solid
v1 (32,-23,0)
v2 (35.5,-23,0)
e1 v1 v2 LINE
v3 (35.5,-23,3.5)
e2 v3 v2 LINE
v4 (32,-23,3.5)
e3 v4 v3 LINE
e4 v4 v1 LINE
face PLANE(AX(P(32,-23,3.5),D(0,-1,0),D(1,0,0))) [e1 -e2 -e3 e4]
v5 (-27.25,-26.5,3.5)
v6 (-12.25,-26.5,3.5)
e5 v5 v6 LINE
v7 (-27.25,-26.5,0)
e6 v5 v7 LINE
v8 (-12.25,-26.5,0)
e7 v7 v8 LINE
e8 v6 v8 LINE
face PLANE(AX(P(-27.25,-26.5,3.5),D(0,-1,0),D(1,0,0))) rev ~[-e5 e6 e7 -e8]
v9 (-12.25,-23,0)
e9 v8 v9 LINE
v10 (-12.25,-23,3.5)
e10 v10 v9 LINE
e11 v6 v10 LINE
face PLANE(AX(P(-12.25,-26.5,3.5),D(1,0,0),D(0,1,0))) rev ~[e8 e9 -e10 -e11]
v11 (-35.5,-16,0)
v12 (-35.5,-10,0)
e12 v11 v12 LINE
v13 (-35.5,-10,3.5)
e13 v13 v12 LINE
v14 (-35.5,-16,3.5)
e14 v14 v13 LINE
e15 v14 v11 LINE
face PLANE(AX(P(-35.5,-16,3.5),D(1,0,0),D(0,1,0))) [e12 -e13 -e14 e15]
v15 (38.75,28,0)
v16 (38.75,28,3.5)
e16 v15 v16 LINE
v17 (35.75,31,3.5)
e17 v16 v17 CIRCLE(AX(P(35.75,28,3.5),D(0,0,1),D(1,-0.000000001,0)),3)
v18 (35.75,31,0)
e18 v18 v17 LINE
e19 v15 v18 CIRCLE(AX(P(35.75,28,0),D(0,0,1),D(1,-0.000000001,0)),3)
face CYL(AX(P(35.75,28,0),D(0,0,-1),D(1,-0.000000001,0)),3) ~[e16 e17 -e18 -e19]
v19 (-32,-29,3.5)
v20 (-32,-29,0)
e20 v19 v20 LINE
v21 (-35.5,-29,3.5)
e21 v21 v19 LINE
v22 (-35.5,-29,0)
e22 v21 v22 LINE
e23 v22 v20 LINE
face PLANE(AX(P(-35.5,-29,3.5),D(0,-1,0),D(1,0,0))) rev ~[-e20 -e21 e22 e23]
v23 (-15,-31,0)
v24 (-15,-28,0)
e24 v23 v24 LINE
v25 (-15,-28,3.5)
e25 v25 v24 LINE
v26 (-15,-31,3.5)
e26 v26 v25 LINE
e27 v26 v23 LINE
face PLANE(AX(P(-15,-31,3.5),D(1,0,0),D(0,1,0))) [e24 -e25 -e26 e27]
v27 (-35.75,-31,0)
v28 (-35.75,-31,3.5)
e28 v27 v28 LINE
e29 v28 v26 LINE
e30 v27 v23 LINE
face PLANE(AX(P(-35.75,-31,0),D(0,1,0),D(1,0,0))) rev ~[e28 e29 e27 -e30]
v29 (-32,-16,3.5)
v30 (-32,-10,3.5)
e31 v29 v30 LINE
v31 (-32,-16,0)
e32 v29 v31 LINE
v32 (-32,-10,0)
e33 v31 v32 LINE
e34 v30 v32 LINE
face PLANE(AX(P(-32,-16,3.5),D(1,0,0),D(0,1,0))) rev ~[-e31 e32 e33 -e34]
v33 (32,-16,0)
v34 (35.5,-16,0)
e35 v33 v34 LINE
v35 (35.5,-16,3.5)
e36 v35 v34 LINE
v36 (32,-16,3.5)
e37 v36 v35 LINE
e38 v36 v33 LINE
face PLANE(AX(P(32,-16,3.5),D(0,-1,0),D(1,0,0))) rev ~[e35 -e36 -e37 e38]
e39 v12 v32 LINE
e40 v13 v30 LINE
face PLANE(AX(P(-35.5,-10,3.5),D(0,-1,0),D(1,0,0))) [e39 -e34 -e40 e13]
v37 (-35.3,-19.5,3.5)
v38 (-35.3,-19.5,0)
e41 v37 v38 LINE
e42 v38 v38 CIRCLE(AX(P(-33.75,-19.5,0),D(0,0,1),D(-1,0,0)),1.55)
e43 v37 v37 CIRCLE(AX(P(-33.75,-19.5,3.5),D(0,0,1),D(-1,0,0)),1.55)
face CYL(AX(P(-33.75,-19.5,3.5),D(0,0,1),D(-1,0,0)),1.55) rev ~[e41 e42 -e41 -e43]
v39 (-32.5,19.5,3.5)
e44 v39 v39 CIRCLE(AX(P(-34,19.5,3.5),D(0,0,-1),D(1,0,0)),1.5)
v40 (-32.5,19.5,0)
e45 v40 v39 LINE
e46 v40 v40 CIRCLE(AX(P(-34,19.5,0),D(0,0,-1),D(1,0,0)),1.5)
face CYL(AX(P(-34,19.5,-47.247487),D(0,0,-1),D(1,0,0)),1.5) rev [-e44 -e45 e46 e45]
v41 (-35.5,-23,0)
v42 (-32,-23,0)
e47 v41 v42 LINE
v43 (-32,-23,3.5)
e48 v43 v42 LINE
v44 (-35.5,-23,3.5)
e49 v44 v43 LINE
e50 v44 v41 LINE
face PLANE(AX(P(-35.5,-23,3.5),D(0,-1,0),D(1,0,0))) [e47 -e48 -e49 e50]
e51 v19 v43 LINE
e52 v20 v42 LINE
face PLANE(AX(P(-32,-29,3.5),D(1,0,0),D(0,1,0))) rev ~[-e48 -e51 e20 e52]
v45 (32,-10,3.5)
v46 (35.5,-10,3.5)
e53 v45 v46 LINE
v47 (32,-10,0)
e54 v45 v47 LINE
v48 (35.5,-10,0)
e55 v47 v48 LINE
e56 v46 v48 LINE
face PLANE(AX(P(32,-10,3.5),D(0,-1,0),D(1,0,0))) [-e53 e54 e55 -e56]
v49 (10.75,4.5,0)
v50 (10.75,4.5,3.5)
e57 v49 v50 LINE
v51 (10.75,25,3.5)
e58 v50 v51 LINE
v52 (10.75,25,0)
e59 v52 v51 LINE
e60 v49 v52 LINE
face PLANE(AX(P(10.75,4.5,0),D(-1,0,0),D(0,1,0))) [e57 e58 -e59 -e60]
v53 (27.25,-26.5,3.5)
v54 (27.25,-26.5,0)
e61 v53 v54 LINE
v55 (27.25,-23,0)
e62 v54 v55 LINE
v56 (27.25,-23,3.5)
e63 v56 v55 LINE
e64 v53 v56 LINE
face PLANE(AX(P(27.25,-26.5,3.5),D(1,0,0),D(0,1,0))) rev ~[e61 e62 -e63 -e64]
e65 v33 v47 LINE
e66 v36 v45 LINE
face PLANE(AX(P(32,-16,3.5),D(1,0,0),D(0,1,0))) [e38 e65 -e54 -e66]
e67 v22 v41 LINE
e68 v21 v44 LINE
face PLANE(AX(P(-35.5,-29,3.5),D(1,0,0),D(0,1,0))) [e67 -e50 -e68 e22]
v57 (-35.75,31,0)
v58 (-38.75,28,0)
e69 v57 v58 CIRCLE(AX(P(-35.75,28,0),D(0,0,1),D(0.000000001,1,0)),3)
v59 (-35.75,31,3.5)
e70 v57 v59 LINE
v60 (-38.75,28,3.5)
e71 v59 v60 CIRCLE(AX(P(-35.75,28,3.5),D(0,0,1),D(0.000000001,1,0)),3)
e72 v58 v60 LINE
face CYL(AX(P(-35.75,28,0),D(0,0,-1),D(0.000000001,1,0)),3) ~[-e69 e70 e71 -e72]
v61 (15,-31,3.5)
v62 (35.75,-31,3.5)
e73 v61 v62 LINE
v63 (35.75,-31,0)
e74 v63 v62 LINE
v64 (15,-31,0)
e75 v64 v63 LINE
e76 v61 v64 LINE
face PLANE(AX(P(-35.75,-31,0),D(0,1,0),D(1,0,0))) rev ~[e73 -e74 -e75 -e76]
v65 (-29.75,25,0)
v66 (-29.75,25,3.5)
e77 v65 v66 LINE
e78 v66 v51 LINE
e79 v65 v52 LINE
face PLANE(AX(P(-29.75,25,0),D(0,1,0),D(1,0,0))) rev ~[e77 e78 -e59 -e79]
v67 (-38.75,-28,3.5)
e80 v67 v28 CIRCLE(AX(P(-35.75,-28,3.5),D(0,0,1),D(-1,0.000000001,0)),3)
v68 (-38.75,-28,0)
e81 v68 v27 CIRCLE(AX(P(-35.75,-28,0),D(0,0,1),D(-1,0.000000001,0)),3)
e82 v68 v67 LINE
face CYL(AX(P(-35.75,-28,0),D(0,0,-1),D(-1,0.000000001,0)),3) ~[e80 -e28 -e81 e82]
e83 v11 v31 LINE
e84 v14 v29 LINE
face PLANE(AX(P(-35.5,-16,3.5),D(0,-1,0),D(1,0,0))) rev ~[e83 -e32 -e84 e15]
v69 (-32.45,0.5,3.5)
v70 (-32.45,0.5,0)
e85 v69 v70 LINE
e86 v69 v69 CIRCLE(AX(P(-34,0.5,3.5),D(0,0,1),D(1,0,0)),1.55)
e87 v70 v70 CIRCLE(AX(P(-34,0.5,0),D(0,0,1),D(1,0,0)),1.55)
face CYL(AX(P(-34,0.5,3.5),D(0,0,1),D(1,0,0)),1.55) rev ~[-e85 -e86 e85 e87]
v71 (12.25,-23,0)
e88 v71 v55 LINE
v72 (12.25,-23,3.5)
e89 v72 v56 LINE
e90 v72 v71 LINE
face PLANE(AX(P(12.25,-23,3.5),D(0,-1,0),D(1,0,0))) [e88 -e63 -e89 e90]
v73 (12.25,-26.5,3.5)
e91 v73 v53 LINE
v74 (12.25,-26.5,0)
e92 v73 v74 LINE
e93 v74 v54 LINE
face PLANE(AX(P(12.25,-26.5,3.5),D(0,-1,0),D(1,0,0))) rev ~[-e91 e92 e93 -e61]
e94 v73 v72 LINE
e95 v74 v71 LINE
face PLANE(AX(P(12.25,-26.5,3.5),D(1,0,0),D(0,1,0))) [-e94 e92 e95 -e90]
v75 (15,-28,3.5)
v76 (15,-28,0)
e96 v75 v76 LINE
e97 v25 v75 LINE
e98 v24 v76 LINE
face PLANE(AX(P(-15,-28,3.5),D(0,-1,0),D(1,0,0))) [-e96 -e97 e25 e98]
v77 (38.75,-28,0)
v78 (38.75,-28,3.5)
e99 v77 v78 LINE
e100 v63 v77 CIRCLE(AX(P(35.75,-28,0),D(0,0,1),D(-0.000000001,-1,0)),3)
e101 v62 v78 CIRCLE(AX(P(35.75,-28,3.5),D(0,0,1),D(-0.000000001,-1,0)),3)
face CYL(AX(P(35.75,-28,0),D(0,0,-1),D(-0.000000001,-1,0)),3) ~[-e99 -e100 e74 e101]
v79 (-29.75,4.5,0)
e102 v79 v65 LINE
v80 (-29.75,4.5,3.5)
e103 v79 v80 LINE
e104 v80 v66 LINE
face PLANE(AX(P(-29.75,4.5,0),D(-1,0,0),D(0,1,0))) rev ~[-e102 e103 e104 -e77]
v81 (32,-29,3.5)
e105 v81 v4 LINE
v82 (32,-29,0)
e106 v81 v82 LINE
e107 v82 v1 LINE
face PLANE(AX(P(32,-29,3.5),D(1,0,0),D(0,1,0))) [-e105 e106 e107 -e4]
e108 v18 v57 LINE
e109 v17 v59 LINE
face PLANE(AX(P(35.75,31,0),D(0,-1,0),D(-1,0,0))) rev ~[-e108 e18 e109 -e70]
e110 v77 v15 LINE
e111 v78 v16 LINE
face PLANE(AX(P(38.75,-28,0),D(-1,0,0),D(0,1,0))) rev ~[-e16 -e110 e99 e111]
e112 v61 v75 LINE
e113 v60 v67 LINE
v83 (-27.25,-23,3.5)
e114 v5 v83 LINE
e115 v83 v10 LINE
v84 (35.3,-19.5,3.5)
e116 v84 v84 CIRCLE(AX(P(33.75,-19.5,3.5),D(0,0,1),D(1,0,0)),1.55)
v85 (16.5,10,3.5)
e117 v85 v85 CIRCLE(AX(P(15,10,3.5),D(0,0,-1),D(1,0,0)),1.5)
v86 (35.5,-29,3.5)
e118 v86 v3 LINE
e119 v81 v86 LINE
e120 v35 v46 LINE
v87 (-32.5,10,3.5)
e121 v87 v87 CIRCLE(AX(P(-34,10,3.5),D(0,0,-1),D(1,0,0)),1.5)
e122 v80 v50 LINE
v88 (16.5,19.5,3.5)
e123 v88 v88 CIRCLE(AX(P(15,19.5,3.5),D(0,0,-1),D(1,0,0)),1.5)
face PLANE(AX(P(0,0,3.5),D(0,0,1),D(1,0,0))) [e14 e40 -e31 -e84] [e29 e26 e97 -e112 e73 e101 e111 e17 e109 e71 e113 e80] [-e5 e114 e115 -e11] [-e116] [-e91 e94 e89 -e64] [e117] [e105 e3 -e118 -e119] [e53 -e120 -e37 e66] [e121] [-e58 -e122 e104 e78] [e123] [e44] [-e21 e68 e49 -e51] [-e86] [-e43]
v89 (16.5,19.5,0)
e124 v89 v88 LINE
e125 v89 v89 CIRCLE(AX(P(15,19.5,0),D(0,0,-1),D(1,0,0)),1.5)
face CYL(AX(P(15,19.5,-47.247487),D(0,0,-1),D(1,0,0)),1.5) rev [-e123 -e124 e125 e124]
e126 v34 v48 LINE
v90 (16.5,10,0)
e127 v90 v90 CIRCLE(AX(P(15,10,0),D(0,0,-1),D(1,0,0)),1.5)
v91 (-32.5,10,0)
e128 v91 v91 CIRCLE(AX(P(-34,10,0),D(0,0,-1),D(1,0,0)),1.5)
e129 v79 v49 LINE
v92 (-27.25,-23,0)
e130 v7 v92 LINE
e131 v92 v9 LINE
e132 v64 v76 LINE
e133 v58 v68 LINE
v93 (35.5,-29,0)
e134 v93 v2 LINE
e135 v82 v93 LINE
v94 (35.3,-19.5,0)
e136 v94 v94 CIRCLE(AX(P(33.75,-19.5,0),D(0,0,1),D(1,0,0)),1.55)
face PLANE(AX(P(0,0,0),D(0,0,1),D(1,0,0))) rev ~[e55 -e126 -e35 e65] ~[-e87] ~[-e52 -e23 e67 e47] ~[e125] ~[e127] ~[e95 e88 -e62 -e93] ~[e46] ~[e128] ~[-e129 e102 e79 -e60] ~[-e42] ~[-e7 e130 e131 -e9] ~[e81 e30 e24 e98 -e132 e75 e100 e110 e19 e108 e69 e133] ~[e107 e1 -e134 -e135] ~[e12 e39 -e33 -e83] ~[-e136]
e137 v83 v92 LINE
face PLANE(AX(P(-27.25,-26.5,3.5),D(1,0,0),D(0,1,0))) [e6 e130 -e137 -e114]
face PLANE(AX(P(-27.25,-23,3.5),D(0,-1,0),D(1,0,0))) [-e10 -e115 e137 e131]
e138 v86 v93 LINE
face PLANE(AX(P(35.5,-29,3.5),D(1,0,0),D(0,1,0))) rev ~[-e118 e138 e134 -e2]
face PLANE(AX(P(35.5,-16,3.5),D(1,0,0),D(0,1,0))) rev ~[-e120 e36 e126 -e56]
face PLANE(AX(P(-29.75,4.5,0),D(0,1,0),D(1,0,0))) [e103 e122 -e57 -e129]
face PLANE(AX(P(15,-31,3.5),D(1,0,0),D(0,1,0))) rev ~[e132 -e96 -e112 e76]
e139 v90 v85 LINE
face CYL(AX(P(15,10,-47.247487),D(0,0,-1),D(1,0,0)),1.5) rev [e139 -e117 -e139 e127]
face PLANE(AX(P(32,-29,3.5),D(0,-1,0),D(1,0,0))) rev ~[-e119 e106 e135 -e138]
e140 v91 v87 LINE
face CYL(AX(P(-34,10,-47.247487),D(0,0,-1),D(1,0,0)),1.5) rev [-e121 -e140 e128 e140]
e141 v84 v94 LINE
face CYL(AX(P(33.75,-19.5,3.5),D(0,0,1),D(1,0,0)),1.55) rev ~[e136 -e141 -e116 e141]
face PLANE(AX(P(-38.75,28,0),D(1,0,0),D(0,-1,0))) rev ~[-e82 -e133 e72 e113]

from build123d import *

# Parameters (mm, degrees)
SKETCH1_W               = 40.5
SKETCH1_H               = 20.5
BOSS_EXTRUDE1_DEPTH     = 3.5
SKETCH2_R               = 1.55
SKETCH2_W               = 3.5
SKETCH2_H               = 6
CUT_EXTRUDE1_DEPTH      = 50.747487374
SKETCH3_W               = 15
SKETCH3_H               = 3.5
CUT_EXTRUDE2_DEPTH      = 50.747487374
CUT_EXTRUDE3_DEPTH      = 50.747487374
CUT_EXTRUDE3_DEPTH_BACK = 50.747487374
SKETCH4_R               = 1.5
CUT_EXTRUDE4_REACH      = 51.747
SKETCH5_R               = 1.55
SKETCH6_W               = 30
SKETCH6_H               = 3
CUT_EXTRUDE5_DEPTH      = 10


with BuildPart() as part:
    # Sketch1 → Boss-Extrude1 (new body)
    with BuildSketch(Plane.XY):
        with BuildLine():
            Line((-35.75, -31), (35.75, -31))
            ThreePointArc((35.75, -31), (37.871320344, -30.121320344), (38.75, -28))
            Line((38.75, -28), (38.75, 28))
            ThreePointArc((38.75, 28), (37.871320344, 30.121320344), (35.75, 31))
            Line((35.75, 31), (-35.75, 31))
            ThreePointArc((-35.75, 31), (-37.871320344, 30.121320344), (-38.75, 28))
            Line((-38.75, 28), (-38.75, -28))
            ThreePointArc((-38.75, -28), (-37.871320344, -30.121320344), (-35.75, -31))
        make_face()
        with Locations((-9.5, 14.75)):
            Rectangle(SKETCH1_W, SKETCH1_H, mode=Mode.SUBTRACT)
    extrude(amount=BOSS_EXTRUDE1_DEPTH)

    # Sketch2 → Cut-Extrude1 (cut, through all)
    with BuildSketch(Plane.XY.offset(3.5)):
        with Locations((33.75, -19.5)):
            Circle(SKETCH2_R)
        with Locations(Location((-33.75, -19.5, 0), (0, 0, 180))):
            Circle(SKETCH2_R)
        with Locations((33.75, -13)):
            Rectangle(SKETCH2_W, SKETCH2_H)
        with Locations((33.75, -26)):
            Rectangle(SKETCH2_W, SKETCH2_H)
        with Locations((-33.75, -26)):
            Rectangle(SKETCH2_W, SKETCH2_H)
        with Locations((-33.75, -13)):
            Rectangle(SKETCH2_W, SKETCH2_H)
    extrude(amount=-CUT_EXTRUDE1_DEPTH, mode=Mode.SUBTRACT)

    # Sketch3 → Cut-Extrude2 (cut, through all)
    with BuildSketch(Plane.XY.offset(3.5)):
        with Locations((-19.75, -24.75)):
            Rectangle(SKETCH3_W, SKETCH3_H)
        with Locations((19.75, -24.75)):
            Rectangle(SKETCH3_W, SKETCH3_H)
    extrude(amount=-CUT_EXTRUDE2_DEPTH, mode=Mode.SUBTRACT)

    # Sketch4 → Cut-Extrude3 (cut, two sides: drawn at the far end of the back side and taken through both)
    with BuildSketch(Plane.XY.offset(3.5).offset(-CUT_EXTRUDE3_DEPTH_BACK)):
        with Locations((15, 19.5)):
            Circle(SKETCH4_R)
        with Locations((15, 10)):
            Circle(SKETCH4_R)
        with Locations((-34, 10)):
            Circle(SKETCH4_R)
        with Locations((-34, 19.5)):
            Circle(SKETCH4_R)
    extrude(amount=CUT_EXTRUDE3_DEPTH + CUT_EXTRUDE3_DEPTH_BACK, mode=Mode.SUBTRACT)

    # Sketch5 → Cut-Extrude4 (cut, up to next)
    with BuildSketch(Plane.XY.offset(3.5), mode=Mode.PRIVATE) as cut_extrude4_sk1:
        with Locations((-34, 0.5)):
            Circle(SKETCH5_R)
    cut_extrude4_tool1 = extrude(cut_extrude4_sk1.sketch, amount=-CUT_EXTRUDE4_REACH, mode=Mode.PRIVATE) & part.part
    add(cut_extrude4_tool1.solids().sort_by_distance((-34, 0.5, 3.5))[0], mode=Mode.SUBTRACT)

    # Sketch6 → Cut-Extrude5 (cut)
    with BuildSketch(Plane.XY.offset(3.5)):
        with Locations((0, -29.5)):
            Rectangle(SKETCH6_W, SKETCH6_H)
    extrude(amount=-CUT_EXTRUDE5_DEPTH, mode=Mode.SUBTRACT)


solid = part.part
